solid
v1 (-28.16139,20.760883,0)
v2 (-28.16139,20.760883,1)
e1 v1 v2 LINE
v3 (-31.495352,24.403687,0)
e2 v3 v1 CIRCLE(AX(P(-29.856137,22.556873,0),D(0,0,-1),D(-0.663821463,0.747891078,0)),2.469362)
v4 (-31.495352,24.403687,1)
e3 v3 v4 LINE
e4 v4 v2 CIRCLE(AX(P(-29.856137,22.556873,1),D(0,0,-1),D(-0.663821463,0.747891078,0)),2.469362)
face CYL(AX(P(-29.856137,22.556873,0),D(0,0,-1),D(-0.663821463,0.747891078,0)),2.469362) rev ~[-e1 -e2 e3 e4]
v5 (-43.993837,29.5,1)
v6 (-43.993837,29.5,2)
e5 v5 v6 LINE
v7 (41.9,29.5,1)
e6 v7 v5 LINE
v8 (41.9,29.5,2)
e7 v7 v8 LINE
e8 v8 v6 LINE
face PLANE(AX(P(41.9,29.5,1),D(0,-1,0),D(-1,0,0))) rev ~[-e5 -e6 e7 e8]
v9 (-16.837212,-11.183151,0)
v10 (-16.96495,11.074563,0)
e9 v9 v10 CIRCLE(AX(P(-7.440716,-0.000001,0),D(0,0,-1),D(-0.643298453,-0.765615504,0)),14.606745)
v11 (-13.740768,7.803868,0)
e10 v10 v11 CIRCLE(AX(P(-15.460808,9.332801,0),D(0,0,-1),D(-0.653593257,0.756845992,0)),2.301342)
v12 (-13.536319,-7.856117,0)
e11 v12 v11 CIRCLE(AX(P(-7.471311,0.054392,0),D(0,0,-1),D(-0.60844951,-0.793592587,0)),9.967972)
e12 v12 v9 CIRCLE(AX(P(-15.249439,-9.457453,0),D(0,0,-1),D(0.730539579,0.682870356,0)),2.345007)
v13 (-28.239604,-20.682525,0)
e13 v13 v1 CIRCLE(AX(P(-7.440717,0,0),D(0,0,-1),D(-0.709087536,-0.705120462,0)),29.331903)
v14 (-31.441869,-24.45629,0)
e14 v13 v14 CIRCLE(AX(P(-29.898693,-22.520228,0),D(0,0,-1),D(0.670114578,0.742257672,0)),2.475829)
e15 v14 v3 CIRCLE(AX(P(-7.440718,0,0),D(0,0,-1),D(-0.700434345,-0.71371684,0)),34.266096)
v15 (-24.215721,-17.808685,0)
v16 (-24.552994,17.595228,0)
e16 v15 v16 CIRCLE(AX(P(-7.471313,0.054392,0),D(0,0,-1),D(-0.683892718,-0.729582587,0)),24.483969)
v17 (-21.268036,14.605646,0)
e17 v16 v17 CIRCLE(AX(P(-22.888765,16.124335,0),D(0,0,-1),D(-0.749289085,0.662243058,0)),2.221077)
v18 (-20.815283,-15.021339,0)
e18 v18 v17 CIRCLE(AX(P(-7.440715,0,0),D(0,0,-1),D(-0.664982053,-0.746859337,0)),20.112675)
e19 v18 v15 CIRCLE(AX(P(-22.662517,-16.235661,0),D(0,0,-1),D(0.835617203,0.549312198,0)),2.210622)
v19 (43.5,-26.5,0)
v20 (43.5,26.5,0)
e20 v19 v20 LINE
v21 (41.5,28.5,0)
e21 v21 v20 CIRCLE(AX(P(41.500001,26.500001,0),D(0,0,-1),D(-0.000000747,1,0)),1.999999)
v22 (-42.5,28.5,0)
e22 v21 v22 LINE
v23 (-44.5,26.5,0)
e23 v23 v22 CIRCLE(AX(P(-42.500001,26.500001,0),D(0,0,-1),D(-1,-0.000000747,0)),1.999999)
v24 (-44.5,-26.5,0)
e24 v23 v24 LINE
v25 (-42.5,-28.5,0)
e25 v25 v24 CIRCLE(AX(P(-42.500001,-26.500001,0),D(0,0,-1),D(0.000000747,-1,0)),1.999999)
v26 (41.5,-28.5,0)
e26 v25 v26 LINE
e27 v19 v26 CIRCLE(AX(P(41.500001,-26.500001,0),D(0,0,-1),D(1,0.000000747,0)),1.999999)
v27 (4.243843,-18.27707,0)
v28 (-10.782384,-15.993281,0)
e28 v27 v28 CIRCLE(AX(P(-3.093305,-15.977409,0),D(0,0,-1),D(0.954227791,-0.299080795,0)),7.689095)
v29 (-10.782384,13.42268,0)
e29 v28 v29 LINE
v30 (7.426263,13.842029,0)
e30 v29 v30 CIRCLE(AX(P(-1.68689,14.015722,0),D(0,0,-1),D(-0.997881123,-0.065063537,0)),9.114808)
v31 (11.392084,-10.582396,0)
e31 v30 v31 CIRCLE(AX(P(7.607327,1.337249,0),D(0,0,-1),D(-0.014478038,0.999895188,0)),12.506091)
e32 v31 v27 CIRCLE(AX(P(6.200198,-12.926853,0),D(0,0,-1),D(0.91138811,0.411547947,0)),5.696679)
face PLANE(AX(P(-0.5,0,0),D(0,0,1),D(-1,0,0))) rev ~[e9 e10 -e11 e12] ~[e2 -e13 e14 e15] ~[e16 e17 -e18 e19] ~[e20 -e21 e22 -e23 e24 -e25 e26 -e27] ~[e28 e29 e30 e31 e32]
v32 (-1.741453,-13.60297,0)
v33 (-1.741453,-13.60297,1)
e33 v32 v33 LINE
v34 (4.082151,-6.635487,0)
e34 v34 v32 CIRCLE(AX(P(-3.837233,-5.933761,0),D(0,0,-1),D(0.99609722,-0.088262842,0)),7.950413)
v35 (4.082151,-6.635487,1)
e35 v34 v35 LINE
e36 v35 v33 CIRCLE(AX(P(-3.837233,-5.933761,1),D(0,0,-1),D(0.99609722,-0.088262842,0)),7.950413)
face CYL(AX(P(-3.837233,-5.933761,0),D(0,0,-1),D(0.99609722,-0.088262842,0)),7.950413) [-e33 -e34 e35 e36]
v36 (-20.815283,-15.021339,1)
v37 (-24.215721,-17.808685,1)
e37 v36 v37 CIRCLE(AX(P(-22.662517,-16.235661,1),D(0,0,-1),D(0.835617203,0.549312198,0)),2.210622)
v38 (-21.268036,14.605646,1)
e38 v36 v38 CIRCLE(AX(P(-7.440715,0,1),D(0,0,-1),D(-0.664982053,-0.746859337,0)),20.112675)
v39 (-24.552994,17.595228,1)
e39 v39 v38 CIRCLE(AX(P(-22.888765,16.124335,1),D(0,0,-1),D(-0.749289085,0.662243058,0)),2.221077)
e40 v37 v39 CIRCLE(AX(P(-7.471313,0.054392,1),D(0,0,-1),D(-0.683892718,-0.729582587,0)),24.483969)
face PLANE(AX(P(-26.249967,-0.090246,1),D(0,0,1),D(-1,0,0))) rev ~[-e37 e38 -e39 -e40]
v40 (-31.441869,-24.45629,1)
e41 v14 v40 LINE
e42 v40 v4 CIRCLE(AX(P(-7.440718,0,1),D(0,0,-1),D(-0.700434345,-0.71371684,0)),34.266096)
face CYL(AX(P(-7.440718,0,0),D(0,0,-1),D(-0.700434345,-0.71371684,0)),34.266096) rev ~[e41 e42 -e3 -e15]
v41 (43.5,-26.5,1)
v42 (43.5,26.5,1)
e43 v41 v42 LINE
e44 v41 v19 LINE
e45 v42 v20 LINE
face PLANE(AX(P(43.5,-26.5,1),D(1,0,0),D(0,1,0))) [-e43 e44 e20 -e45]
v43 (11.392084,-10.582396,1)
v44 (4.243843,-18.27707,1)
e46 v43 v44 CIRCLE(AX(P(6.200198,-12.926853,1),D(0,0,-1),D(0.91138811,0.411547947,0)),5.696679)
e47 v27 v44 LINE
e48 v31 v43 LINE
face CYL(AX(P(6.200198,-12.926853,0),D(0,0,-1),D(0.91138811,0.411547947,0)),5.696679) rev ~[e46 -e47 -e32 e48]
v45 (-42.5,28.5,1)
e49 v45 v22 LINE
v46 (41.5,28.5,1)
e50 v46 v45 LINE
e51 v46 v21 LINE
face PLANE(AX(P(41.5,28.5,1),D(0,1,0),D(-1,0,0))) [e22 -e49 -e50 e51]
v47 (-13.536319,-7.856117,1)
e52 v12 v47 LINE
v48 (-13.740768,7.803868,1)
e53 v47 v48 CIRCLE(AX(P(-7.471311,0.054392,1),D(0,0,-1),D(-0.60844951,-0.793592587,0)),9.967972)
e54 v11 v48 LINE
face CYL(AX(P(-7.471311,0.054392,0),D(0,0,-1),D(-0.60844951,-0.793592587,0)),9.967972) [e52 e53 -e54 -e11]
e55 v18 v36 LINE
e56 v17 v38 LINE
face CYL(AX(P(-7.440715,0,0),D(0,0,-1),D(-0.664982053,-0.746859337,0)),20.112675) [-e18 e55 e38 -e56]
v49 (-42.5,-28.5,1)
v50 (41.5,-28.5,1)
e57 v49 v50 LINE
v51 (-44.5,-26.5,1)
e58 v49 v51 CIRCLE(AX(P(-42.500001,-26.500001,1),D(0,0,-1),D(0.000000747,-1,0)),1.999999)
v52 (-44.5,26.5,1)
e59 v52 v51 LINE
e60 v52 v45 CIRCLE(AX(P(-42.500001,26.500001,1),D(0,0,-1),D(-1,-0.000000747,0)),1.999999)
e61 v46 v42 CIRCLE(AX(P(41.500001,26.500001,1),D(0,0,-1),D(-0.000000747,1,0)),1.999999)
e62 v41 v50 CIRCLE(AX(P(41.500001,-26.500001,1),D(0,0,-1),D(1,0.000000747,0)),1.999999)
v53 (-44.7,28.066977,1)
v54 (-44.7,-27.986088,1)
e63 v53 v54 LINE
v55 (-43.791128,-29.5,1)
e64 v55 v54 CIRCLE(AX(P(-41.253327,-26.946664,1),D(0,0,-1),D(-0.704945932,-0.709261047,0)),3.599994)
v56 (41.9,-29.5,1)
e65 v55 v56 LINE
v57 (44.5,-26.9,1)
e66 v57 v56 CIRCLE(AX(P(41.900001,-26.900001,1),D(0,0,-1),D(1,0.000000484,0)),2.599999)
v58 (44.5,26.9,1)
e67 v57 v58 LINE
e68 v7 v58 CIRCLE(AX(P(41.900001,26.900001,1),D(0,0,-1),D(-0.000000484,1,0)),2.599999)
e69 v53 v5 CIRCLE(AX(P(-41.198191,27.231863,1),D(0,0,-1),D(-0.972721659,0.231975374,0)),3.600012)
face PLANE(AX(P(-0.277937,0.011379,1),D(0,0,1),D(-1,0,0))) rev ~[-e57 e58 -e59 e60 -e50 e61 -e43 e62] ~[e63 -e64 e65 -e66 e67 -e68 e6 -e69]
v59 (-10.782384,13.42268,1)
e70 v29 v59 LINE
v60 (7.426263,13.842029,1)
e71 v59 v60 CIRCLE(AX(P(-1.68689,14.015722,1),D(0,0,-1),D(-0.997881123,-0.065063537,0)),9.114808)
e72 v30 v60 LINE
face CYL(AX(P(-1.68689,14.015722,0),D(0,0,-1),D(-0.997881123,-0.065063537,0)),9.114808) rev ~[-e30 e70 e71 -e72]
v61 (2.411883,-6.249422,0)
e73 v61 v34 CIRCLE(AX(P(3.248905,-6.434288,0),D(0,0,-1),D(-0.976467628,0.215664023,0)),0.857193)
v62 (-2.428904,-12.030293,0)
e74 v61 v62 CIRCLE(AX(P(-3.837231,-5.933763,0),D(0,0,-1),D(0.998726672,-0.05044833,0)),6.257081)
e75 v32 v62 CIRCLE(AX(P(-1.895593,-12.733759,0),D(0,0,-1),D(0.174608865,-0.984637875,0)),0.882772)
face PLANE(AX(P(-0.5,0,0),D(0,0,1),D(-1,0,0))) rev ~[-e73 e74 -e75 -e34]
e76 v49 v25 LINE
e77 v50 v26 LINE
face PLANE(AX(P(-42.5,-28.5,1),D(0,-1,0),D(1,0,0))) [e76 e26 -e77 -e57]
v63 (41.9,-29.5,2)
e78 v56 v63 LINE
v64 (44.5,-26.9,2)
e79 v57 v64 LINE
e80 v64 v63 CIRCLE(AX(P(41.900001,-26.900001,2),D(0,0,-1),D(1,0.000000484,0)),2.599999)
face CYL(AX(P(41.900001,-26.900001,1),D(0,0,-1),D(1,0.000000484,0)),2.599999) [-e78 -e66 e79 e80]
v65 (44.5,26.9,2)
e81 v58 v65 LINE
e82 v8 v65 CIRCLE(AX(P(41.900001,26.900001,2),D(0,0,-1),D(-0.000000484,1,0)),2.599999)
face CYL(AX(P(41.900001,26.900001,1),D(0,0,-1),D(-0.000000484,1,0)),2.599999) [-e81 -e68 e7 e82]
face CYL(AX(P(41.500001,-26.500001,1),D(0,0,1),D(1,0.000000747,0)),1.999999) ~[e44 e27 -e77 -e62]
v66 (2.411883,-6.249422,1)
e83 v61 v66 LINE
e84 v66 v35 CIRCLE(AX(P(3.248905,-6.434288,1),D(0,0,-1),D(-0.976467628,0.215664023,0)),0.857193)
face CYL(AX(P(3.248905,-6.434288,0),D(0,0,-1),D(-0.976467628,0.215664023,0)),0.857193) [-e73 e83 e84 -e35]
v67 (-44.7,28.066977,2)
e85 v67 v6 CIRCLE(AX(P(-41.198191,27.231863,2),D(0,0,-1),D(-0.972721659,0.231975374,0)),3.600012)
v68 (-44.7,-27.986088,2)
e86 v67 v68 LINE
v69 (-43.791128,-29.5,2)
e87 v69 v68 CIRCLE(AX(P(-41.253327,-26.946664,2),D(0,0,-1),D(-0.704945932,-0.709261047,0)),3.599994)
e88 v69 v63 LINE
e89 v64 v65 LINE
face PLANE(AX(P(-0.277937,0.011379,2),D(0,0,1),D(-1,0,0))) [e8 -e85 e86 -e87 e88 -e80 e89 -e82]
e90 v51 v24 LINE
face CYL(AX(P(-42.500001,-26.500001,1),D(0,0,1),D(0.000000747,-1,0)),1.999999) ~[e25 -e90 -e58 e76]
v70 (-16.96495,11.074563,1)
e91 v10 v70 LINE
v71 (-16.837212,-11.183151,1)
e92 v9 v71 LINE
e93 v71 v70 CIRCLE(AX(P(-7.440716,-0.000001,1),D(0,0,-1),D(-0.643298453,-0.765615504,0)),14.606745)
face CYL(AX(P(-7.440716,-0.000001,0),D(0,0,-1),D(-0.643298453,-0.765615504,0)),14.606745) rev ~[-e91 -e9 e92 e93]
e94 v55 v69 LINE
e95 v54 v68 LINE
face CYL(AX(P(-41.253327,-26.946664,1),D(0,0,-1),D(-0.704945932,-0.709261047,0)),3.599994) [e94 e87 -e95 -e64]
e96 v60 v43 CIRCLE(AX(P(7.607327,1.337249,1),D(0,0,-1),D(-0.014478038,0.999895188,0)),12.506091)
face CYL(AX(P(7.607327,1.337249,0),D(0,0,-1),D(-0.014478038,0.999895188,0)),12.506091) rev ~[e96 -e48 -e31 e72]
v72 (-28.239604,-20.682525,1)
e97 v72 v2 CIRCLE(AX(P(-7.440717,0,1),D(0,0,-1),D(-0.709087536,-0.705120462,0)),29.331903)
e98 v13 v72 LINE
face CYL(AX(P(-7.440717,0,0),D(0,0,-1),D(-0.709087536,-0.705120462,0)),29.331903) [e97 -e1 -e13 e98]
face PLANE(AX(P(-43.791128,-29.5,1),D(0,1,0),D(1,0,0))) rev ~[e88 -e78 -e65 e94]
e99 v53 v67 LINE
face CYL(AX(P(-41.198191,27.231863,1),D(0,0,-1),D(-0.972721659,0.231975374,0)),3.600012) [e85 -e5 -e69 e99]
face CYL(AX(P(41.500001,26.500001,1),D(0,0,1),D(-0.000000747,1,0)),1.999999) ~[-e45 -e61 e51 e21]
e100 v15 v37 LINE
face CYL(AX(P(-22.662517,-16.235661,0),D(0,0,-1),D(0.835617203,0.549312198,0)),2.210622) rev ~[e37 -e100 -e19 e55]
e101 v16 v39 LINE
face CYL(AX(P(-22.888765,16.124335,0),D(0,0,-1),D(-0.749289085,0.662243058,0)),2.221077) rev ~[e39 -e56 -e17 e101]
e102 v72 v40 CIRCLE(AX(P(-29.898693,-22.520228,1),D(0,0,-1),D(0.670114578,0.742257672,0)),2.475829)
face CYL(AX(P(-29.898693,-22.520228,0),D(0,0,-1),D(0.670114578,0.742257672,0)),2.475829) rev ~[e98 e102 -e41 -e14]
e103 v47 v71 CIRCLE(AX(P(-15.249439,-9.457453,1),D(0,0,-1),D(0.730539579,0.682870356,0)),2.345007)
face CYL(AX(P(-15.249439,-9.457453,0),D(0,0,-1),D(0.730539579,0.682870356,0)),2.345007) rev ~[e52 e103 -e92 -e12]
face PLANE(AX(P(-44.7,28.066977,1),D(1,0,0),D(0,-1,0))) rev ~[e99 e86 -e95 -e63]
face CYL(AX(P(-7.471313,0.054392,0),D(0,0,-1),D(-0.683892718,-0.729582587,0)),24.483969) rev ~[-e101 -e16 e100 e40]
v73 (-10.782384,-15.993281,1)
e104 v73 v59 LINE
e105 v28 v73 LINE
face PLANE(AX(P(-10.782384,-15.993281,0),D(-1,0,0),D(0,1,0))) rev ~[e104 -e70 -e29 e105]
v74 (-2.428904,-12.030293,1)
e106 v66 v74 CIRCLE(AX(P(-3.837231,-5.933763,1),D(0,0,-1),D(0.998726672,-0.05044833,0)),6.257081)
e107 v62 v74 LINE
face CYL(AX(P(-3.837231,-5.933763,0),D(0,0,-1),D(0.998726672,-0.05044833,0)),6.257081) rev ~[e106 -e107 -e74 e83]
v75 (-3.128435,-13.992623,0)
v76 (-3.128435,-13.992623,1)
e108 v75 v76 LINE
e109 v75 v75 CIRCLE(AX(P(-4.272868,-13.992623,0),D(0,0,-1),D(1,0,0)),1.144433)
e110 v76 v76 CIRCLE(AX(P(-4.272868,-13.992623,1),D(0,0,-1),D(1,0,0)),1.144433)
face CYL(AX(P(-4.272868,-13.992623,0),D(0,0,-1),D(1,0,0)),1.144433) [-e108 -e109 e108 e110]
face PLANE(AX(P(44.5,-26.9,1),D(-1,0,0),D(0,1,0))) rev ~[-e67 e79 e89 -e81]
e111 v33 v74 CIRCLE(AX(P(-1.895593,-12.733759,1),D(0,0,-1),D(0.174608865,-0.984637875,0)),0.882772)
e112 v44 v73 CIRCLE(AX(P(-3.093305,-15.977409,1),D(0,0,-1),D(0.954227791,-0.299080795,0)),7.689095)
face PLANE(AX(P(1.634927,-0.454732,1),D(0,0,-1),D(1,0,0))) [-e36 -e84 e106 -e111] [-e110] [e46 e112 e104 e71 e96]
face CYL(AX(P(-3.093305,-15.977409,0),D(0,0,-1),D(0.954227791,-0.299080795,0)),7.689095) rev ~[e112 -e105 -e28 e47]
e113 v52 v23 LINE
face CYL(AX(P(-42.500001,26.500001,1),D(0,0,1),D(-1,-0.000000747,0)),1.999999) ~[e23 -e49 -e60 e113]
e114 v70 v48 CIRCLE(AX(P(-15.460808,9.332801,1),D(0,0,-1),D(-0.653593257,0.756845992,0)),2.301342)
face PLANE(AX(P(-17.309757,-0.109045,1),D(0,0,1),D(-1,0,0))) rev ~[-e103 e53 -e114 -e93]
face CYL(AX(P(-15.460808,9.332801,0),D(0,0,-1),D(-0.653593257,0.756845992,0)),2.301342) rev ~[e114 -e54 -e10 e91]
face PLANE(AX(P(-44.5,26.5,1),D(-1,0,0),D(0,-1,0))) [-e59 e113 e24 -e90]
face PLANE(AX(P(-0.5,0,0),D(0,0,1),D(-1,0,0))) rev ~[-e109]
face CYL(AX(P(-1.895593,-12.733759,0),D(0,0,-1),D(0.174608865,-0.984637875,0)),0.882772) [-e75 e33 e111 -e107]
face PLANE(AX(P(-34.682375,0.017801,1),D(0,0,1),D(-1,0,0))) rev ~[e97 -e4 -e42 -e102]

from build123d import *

# Parameters (mm, degrees)
PAD001_DEPTH    = 1
PAD008_DEPTH    = 1
SKETCH028_R     = 1.144433
POCKET014_DEPTH = 1


with BuildPart() as part:
    # Sketch013 → Pad001 (new body)
    with BuildSketch(Plane(origin=(0, 0, 1), x_dir=(1, 0, 0), z_dir=(0, 0, -1))):
        with BuildLine():
            Line((-43.791128, 29.5), (41.9, 29.5))
            ThreePointArc((44.5, 26.9), (43.738478, 28.738478), (41.9, 29.5))
            Line((44.5, 26.9), (44.5, -8))
            Line((44.5, -8), (44.5, -26.9))
            ThreePointArc((41.9, -29.5), (43.738478, -28.738478), (44.5, -26.9))
            Line((41.9, -29.5), (-43.993837, -29.5))
            ThreePointArc((-44.7, -28.066977), (-44.427413, -28.823154), (-43.993837, -29.5))
            Line((-44.7, -28.066977), (-44.7, 27.986088))
            ThreePointArc((-43.791128, 29.5), (-44.339824, 28.799633), (-44.7, 27.986088))
        make_face()
    extrude(amount=-PAD001_DEPTH)

    # Sketch (on Face8 of Pad001) → Pad008 (join)
    with BuildSketch(Plane(origin=(0, 0, 1), x_dir=(1, 0, 0), z_dir=(0, 0, -1))):
        with BuildLine():
            Line((-42.5, 28.5), (41.5, 28.5))
            ThreePointArc((43.5, 26.5), (42.914214, 27.914214), (41.5, 28.5))
            Line((43.5, 26.5), (43.5, -26.5))
            ThreePointArc((41.5, -28.5), (42.914214, -27.914214), (43.5, -26.5))
            Line((41.5, -28.5), (-42.5, -28.5))
            ThreePointArc((-44.5, -26.5), (-43.914214, -27.914214), (-42.5, -28.5))
            Line((-44.5, -26.5), (-44.5, 26.5))
            ThreePointArc((-42.5, 28.5), (-43.914214, 27.914214), (-44.5, 26.5))
        make_face()
    extrude(amount=PAD008_DEPTH)

    # Sketch028 (on Face19 of Pad008) → Pocket014 (cut)
    with BuildSketch(Plane(origin=(0, 0, 0), x_dir=(1, 0, 0), z_dir=(0, 0, -1))):
        with BuildLine():
            ThreePointArc((-28.239604, 20.682525), (-36.772568, -0.055356), (-28.16139, -20.760883))
            ThreePointArc((-31.495352, -24.403687), (-28.034523, -24.224048), (-28.16139, -20.760883))
            ThreePointArc((-31.441869, 24.45629), (-41.706794, 0.037508), (-31.495352, -24.403687))
            ThreePointArc((-28.239604, 20.682525), (-28.010921, 24.122116), (-31.441869, 24.45629))
        make_face()
        with BuildLine():
            ThreePointArc((-20.815283, 15.021339), (-27.551042, 0.307322), (-21.268036, -14.605646))
            ThreePointArc((-24.552994, -17.595228), (-21.393816, -17.766988), (-21.268036, -14.605646))
            ThreePointArc((-24.215721, 17.808685), (-31.954171, 0.178842), (-24.552994, -17.595228))
            ThreePointArc((-20.815283, 15.021339), (-21.261111, 17.945313), (-24.215721, 17.808685))
        make_face()
        with BuildLine():
            ThreePointArc((-13.536319, 7.856117), (-17.438434, 0.075734), (-13.740768, -7.803868))
            ThreePointArc((-16.96495, -11.074563), (-13.821902, -10.948401), (-13.740768, -7.803868))
            ThreePointArc((-16.837212, 11.183151), (-22.04722, 0.083828), (-16.96495, -11.074563))
            ThreePointArc((-13.536319, 7.856117), (-13.584742, 11.10907), (-16.837212, 11.183151))
        make_face()
        with BuildLine():
            ThreePointArc((4.243843, 18.27707), (-4.248678, 23.579205), (-10.782384, 15.993281))
            Line((-10.782384, 15.993281), (-10.782384, -13.42268))
            ThreePointArc((-10.782384, -13.42268), (-1.89675, -23.128113), (7.426263, -13.842029))
            ThreePointArc((7.426263, -13.842029), (19.95175, -3.341626), (11.392084, 10.582396))
            ThreePointArc((11.392084, 10.582396), (10.373826, 16.804092), (4.243843, 18.27707))
        make_face()
        with Locations((-4.272868, 13.992623)):
            Circle(SKETCH028_R, mode=Mode.SUBTRACT)
        with BuildLine():
            ThreePointArc((2.411883, 6.249422), (0.960031, 9.950894), (-2.428904, 12.030293))
            ThreePointArc((-1.741453, 13.60297), (-2.704463, 13.087334), (-2.428904, 12.030293))
            ThreePointArc((4.082151, 6.635487), (2.262958, 11.03246), (-1.741453, 13.60297))
            ThreePointArc((2.411883, 6.249422), (3.441947, 5.599114), (4.082151, 6.635487))
        make_face(mode=Mode.SUBTRACT)
    extrude(amount=-POCKET014_DEPTH, mode=Mode.SUBTRACT)


solid = part.part
